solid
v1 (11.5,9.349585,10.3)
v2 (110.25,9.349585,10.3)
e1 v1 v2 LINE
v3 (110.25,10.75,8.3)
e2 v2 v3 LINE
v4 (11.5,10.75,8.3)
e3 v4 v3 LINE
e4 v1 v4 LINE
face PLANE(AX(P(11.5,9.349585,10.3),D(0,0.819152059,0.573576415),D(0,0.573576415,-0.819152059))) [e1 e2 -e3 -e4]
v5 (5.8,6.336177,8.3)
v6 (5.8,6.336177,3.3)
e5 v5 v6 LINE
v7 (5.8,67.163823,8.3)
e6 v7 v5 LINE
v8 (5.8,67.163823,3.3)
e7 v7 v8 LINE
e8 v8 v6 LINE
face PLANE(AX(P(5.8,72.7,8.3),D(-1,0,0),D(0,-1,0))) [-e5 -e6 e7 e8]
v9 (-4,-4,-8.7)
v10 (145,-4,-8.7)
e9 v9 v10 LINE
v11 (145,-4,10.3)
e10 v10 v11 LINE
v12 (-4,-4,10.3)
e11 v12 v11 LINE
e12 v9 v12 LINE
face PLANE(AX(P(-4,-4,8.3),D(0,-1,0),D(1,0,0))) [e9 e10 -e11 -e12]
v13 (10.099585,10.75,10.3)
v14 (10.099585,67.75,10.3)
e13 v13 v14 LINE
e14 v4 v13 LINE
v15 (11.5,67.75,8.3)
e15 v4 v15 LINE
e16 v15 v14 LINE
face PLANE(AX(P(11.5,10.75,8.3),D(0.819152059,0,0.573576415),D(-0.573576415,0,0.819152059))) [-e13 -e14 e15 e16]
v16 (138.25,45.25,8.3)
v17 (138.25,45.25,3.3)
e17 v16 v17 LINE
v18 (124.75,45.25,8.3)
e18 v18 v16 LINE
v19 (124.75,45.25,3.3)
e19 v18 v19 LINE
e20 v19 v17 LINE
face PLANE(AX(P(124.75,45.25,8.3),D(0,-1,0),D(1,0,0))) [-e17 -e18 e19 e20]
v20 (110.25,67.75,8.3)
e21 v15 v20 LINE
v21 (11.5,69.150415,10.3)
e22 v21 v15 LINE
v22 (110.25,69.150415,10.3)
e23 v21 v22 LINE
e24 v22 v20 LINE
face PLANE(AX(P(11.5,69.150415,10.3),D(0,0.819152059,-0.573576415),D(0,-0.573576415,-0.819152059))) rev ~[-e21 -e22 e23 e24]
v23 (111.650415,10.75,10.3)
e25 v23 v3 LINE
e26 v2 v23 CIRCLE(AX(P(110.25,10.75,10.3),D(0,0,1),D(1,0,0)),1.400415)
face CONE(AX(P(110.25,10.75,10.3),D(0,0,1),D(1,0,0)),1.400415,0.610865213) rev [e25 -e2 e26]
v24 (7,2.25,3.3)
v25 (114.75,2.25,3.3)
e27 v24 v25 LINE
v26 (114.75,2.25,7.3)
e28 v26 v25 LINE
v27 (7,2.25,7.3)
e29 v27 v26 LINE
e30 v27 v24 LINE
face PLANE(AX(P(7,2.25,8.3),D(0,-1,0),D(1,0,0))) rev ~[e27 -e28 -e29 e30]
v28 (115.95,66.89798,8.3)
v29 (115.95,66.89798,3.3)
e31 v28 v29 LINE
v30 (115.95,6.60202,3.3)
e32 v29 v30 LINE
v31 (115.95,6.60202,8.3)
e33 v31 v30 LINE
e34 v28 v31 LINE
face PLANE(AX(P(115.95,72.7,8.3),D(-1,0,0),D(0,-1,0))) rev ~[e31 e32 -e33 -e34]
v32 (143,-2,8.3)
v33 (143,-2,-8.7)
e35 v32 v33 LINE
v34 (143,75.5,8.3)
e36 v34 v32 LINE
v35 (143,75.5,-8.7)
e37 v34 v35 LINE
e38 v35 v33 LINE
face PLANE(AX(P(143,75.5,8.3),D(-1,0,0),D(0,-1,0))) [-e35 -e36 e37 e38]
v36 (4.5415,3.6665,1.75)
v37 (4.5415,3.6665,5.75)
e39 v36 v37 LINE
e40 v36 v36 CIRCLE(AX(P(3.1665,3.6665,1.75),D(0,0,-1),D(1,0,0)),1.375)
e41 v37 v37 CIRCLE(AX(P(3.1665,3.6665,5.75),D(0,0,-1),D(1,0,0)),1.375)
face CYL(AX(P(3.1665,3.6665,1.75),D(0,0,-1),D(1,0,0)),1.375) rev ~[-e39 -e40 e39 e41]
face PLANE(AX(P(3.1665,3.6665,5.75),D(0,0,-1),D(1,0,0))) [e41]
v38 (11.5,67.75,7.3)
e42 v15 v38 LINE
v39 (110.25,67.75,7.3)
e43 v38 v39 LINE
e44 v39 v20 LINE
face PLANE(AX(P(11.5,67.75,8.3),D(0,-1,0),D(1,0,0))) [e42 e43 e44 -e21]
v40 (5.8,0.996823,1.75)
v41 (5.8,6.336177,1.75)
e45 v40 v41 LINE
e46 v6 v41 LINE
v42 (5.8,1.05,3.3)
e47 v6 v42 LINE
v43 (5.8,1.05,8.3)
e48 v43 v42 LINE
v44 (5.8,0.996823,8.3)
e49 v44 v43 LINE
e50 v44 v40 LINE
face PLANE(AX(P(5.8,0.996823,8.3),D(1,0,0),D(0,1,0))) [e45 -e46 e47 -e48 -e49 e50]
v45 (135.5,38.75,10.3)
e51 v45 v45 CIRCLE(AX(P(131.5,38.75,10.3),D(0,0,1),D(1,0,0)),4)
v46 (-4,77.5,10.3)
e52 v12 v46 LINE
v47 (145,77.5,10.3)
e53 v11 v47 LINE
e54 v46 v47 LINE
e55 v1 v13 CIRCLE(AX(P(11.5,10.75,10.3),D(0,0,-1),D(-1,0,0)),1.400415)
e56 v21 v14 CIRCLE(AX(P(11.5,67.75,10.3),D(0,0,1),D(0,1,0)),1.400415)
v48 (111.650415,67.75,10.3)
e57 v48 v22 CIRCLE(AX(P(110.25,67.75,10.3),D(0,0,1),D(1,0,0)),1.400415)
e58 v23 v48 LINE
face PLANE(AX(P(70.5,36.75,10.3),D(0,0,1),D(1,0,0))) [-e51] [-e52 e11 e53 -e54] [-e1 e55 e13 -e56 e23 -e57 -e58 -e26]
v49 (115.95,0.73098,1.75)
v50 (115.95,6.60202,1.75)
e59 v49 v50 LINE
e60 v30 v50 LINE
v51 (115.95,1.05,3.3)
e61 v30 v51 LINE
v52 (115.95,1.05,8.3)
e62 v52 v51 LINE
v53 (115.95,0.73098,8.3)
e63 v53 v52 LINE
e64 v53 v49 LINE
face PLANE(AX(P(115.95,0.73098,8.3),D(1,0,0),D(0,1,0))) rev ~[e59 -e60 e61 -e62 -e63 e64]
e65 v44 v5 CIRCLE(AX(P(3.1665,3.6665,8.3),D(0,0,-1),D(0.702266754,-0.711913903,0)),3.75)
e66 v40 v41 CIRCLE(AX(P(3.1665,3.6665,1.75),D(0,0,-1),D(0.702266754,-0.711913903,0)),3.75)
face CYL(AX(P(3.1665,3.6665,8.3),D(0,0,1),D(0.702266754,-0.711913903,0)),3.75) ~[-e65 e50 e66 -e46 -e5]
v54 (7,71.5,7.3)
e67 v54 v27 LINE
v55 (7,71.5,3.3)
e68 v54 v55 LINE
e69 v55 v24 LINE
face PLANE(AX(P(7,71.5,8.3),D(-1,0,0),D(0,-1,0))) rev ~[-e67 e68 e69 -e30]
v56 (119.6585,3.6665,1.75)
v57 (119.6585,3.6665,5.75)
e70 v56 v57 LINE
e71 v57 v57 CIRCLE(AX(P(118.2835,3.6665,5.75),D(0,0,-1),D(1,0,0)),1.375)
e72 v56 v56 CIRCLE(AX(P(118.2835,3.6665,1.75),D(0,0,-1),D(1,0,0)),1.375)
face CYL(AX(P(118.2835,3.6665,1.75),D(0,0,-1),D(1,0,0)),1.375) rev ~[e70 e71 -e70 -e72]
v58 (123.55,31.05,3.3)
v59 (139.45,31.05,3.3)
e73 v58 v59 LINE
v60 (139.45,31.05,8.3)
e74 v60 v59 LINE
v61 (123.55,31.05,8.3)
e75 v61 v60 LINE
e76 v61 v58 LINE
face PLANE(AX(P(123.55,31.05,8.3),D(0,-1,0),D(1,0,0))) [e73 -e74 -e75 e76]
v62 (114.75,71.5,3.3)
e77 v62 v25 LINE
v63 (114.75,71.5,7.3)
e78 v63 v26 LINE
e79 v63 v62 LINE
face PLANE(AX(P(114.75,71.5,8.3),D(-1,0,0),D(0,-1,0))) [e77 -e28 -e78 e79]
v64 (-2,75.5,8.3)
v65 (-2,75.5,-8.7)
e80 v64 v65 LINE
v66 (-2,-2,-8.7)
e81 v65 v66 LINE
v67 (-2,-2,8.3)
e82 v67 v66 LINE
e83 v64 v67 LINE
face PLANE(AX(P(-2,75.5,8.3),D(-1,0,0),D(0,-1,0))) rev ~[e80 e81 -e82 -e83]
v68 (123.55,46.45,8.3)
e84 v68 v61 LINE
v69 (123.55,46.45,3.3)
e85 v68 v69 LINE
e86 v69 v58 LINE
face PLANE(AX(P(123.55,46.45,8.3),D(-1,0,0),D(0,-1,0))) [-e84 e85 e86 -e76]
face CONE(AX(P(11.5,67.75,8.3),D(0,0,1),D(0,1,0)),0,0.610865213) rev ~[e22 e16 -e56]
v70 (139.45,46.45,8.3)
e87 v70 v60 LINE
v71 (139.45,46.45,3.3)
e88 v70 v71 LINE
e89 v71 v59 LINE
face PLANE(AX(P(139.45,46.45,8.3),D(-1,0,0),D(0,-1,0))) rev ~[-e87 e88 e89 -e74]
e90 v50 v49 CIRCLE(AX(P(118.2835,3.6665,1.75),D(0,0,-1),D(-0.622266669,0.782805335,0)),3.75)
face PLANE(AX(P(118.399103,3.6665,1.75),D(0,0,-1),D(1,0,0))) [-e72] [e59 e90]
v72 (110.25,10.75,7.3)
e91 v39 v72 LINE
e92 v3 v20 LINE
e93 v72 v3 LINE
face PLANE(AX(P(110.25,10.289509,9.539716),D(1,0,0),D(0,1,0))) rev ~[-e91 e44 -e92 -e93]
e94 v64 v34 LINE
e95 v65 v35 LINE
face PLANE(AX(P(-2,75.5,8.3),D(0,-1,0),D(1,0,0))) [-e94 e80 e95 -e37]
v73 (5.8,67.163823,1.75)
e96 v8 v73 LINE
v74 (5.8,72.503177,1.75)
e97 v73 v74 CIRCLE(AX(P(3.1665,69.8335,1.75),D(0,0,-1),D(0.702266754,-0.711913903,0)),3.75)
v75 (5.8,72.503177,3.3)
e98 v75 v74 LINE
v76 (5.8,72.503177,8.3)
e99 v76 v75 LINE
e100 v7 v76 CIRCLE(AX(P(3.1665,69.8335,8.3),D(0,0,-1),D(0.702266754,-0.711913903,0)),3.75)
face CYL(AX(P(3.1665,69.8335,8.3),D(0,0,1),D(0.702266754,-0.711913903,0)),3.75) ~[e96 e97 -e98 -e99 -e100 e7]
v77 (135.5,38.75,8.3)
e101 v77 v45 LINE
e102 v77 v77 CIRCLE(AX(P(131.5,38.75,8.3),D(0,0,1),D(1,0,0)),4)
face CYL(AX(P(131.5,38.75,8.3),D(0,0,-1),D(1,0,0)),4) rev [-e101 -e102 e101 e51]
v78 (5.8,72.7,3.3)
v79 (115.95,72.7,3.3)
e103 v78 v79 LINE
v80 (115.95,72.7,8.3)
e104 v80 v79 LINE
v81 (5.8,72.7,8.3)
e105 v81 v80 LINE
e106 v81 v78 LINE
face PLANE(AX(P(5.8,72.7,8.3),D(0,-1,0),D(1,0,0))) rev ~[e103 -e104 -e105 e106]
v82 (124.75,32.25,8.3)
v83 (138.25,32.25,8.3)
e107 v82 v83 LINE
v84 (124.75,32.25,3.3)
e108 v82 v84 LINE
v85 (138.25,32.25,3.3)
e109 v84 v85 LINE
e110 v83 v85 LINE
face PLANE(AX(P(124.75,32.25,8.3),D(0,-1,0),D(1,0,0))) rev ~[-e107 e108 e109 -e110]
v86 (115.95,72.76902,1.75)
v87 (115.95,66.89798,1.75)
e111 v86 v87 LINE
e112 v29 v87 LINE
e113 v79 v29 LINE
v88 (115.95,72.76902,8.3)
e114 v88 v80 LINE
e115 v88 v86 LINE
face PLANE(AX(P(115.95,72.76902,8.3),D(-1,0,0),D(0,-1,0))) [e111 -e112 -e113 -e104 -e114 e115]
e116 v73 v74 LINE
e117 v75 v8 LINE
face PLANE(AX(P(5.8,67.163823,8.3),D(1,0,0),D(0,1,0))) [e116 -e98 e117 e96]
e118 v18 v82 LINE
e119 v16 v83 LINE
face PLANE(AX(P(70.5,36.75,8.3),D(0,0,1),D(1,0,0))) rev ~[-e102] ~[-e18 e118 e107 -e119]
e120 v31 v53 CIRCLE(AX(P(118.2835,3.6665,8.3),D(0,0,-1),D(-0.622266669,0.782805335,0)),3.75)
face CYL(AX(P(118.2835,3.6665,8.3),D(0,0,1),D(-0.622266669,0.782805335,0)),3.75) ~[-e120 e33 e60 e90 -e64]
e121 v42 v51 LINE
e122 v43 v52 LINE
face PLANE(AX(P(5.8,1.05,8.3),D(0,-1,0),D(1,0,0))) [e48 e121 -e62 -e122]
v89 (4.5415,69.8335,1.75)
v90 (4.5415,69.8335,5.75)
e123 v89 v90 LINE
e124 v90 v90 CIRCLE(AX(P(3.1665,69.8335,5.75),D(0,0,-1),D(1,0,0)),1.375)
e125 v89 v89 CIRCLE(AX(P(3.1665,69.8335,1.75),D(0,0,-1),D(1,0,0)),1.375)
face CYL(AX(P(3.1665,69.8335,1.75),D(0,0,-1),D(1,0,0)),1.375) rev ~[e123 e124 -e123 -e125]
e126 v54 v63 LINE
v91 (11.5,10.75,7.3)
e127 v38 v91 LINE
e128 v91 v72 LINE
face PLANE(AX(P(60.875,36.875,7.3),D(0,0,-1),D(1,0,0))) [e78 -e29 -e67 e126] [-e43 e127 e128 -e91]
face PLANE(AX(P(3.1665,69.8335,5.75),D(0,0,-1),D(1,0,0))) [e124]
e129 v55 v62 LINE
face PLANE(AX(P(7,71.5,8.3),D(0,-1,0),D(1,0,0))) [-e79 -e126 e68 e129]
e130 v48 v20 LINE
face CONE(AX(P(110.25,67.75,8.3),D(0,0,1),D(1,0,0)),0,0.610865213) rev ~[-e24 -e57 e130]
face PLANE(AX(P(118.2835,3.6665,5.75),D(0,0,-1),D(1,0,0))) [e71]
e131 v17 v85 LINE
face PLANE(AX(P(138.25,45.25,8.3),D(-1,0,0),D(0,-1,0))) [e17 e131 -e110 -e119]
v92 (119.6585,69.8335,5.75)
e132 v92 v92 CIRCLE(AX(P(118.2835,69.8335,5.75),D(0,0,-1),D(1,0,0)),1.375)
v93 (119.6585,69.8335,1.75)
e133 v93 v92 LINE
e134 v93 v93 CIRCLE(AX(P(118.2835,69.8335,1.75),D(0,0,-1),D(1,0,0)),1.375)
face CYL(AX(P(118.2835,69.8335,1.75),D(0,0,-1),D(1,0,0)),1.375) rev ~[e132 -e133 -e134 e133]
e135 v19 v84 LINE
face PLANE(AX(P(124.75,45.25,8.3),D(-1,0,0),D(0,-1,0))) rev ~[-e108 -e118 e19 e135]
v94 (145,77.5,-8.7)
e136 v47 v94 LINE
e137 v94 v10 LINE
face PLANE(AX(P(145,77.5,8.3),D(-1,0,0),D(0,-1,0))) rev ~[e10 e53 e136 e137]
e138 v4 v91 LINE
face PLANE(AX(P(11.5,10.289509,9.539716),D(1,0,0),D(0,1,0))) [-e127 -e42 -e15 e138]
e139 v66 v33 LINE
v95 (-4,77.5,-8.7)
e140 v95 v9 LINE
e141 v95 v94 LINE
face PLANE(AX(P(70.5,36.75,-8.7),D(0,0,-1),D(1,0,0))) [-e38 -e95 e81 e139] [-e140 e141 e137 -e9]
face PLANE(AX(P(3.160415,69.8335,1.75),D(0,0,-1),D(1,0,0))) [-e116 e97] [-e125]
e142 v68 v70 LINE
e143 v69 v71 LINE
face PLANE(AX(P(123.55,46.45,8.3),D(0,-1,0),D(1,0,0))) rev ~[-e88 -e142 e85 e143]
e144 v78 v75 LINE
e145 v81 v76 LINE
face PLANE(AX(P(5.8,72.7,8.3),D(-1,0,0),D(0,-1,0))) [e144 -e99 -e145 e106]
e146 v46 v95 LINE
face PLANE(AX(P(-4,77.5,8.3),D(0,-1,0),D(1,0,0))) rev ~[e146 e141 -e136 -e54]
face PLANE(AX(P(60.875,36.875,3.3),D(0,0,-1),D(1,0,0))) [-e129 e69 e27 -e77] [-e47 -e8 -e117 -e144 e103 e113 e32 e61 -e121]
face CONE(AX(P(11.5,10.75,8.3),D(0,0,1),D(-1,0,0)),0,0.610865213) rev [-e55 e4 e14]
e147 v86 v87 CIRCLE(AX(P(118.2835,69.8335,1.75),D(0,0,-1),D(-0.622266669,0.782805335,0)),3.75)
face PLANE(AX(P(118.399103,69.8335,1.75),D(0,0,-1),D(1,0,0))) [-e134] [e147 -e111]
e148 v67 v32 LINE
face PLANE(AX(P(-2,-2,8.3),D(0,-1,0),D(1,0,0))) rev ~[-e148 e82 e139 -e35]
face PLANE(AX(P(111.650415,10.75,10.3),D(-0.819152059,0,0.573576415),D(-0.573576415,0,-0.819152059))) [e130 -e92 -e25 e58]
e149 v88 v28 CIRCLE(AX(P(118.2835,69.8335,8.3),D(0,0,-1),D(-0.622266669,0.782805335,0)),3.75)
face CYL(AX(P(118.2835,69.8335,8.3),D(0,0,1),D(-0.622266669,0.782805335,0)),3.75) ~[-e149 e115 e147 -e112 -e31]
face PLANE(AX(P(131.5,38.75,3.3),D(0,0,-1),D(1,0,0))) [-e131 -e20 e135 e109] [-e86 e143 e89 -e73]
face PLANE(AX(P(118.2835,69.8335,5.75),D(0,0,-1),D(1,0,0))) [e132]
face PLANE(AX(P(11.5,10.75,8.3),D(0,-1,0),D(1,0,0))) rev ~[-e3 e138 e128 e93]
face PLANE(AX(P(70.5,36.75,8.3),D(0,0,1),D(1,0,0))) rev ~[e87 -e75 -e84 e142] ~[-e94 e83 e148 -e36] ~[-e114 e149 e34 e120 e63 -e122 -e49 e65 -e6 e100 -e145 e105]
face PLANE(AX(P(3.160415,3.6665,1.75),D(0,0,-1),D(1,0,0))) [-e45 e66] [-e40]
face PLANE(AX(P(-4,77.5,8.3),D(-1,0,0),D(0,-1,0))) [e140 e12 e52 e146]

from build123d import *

# Parameters (mm, degrees)
SKETCH008_W     = 149
SKETCH008_H     = 81.5
SKETCH008_R     = 4
SKETCH008_W_2   = 98.75
SKETCH008_H_2   = 57
PAD006_DEPTH    = 2
SKETCH009_W     = 15.9
SKETCH009_H     = 15.4
SKETCH009_W_2   = 13.5
SKETCH009_H_2   = 13
SKETCH009_W_3   = 110.15
SKETCH009_H_3   = 71.65
SKETCH009_W_4   = 107.75
SKETCH009_H_4   = 69.25
PAD007_DEPTH    = 5
SKETCH010_W     = 107.75
SKETCH010_H     = 69.25
SKETCH010_W_2   = 98.75
SKETCH010_H_2   = 57
PAD008_DEPTH    = 1
PAD009_DEPTH    = 6.55
SKETCH012_R     = 1.375
POCKET002_DEPTH = 4
SKETCH014_W     = 149
SKETCH014_H     = 81.5
SKETCH014_W_2   = 145
SKETCH014_H_2   = 77.5
PAD011_DEPTH    = 17
POCKET003_DEPTH = 98.75
POCKET004_DEPTH = 57


with BuildPart() as part:
    # Sketch008 (on Face27 of Binder) → Pad006 (new body)
    with BuildSketch(Plane.XY.offset(8.3)):
        with Locations((70.5, 36.75)):
            Rectangle(SKETCH008_W, SKETCH008_H)
        with Locations((131.5, 38.75)):
            Circle(SKETCH008_R, mode=Mode.SUBTRACT)
        with Locations((60.875, 39.25)):
            Rectangle(SKETCH008_W_2, SKETCH008_H_2, mode=Mode.SUBTRACT)
    extrude(amount=PAD006_DEPTH)

    # Sketch009 (on Face10 of Pad006) → Pad007 (join)
    with BuildSketch(Plane(origin=(0, 0, 8.3), x_dir=(1, 0, 0), z_dir=(0, 0, -1))):
        with Locations((131.5, -38.75)):
            Rectangle(SKETCH009_W, SKETCH009_H)
        with Locations((131.5, -38.75)):
            Rectangle(SKETCH009_W_2, SKETCH009_H_2, mode=Mode.SUBTRACT)
        with Locations((60.875, -36.875)):
            Rectangle(SKETCH009_W_3, SKETCH009_H_3)
        with Locations((60.875, -36.875)):
            Rectangle(SKETCH009_W_4, SKETCH009_H_4, mode=Mode.SUBTRACT)
    extrude(amount=PAD007_DEPTH)

    # Sketch010 (on Face4 of Pad007) → Pad008 (join)
    with BuildSketch(Plane(origin=(0, 0, 8.3), x_dir=(1, 0, 0), z_dir=(0, 0, -1))):
        with Locations((60.875, -36.875)):
            Rectangle(SKETCH010_W, SKETCH010_H)
        with Locations((60.875, -39.25)):
            Rectangle(SKETCH010_W_2, SKETCH010_H_2, mode=Mode.SUBTRACT)
    extrude(amount=PAD008_DEPTH)

    # Sketch011 (on Face4 of Pad008) → Pad009 (join)
    with BuildSketch(Plane(origin=(0, 0, 8.3), x_dir=(1, 0, 0), z_dir=(0, 0, -1))):
        with BuildLine():
            ThreePointArc((5.8, -0.996823), (-0.5835, -3.6665), (5.8, -6.336177))
            Line((5.8, -0.996823), (5.8, -6.336177))
        make_face()
        with BuildLine():
            ThreePointArc((5.8, -67.163823), (-0.5835, -69.8335), (5.8, -72.503177))
            Line((5.8, -67.163823), (5.8, -72.503177))
        make_face()
        with BuildLine():
            ThreePointArc((115.95, -72.76902), (122.0335, -69.8335), (115.95, -66.89798))
            Line((115.95, -72.76902), (115.95, -66.89798))
        make_face()
        with BuildLine():
            ThreePointArc((115.95, -6.60202), (122.0335, -3.6665), (115.95, -0.73098))
            Line((115.95, -0.73098), (115.95, -6.60202))
        make_face()
    extrude(amount=PAD009_DEPTH)

    # Sketch012 (on Face32 of Pad009) → Pocket002 (cut)
    with BuildSketch(Plane(origin=(0, 0, 1.75), x_dir=(1, 0, 0), z_dir=(0, 0, -1))):
        with Locations((118.2835, -3.6665)):
            Circle(SKETCH012_R)
        with Locations((118.2835, -69.8335)):
            Circle(SKETCH012_R)
        with Locations((3.1665, -69.8335)):
            Circle(SKETCH012_R)
        with Locations((3.1665, -3.6665)):
            Circle(SKETCH012_R)
    extrude(amount=-POCKET002_DEPTH, mode=Mode.SUBTRACT)

    # Sketch014 (on Face4 of Pocket002) → Pad011 (join)
    with BuildSketch(Plane(origin=(0, 0, 8.3), x_dir=(1, 0, 0), z_dir=(0, 0, -1))):
        with Locations((70.5, -36.75)):
            Rectangle(SKETCH014_W, SKETCH014_H)
        with Locations((70.5, -36.75)):
            Rectangle(SKETCH014_W_2, SKETCH014_H_2, mode=Mode.SUBTRACT)
    extrude(amount=PAD011_DEPTH)

    # Sketch015 (on Face10 of Pad011) → Pocket003 (cut)
    with BuildSketch(Plane.YZ.offset(11.5)):
        Polygon((67.75, 8.3), (67.75, 10.3), (69.150415, 10.3), align=None)
        Polygon((10.75, 8.3), (10.75, 10.3), (9.349585, 10.3), align=None)
    extrude(amount=POCKET003_DEPTH, mode=Mode.SUBTRACT)

    # Sketch016 (on Face28 of Pocket003) → Pocket004 (cut)
    with BuildSketch(Plane(origin=(0, 10.75, 0), x_dir=(-1, 0, 0), z_dir=(0, 1, 0))):
        Polygon((-110.25, 8.3), (-110.25, 10.3), (-111.650415, 10.3), align=None)
        Polygon((-11.5, 8.3), (-10.099585, 10.3), (-11.5, 10.3), align=None)
    extrude(amount=POCKET004_DEPTH, mode=Mode.SUBTRACT)

    # Sketch017 (on Face19 of Pocket004) → Groove (revolve, cut)
    with BuildSketch(Plane(origin=(0, 10.75, 0), x_dir=(-1, 0, 0), z_dir=(0, 1, 0))):
        Polygon((-110.25, 10.3), (-111.650415, 10.3), (-110.25, 8.3), align=None)
    revolve(axis=Axis((110.25, 10.75, 9.3), (0, 0, 1)), mode=Mode.SUBTRACT)

    # Sketch018 (on Face17 of Groove) → Groove001 (revolve, cut)
    with BuildSketch(Plane.XZ.offset(-67.75)):
        Polygon((111.650415, 10.3), (110.25, 10.3), (110.25, 8.3), align=None)
    revolve(axis=Axis((110.25, 67.75, 9.3), (0, 0, 1)), mode=Mode.SUBTRACT)

    # Sketch019 (on Face14 of Groove001) → Groove002 (revolve, cut)
    with BuildSketch(Plane.YZ.offset(11.5)):
        Polygon((67.75, 8.3), (69.150415, 10.3), (67.75, 10.3), align=None)
    revolve(axis=Axis((11.5, 67.75, 9.3), (0, 0, 1)), mode=Mode.SUBTRACT)

    # Sketch020 (on Face11 of Groove002) → Groove003 (revolve, cut)
    with BuildSketch(Plane(origin=(0, 10.75, 0), x_dir=(-1, 0, 0), z_dir=(0, 1, 0))):
        Polygon((-11.5, 8.3), (-10.099585, 10.3), (-11.5, 10.3), align=None)
    revolve(axis=Axis((11.5, 10.75, 9.3), (0, 0, -1)), mode=Mode.SUBTRACT)


solid = part.part
